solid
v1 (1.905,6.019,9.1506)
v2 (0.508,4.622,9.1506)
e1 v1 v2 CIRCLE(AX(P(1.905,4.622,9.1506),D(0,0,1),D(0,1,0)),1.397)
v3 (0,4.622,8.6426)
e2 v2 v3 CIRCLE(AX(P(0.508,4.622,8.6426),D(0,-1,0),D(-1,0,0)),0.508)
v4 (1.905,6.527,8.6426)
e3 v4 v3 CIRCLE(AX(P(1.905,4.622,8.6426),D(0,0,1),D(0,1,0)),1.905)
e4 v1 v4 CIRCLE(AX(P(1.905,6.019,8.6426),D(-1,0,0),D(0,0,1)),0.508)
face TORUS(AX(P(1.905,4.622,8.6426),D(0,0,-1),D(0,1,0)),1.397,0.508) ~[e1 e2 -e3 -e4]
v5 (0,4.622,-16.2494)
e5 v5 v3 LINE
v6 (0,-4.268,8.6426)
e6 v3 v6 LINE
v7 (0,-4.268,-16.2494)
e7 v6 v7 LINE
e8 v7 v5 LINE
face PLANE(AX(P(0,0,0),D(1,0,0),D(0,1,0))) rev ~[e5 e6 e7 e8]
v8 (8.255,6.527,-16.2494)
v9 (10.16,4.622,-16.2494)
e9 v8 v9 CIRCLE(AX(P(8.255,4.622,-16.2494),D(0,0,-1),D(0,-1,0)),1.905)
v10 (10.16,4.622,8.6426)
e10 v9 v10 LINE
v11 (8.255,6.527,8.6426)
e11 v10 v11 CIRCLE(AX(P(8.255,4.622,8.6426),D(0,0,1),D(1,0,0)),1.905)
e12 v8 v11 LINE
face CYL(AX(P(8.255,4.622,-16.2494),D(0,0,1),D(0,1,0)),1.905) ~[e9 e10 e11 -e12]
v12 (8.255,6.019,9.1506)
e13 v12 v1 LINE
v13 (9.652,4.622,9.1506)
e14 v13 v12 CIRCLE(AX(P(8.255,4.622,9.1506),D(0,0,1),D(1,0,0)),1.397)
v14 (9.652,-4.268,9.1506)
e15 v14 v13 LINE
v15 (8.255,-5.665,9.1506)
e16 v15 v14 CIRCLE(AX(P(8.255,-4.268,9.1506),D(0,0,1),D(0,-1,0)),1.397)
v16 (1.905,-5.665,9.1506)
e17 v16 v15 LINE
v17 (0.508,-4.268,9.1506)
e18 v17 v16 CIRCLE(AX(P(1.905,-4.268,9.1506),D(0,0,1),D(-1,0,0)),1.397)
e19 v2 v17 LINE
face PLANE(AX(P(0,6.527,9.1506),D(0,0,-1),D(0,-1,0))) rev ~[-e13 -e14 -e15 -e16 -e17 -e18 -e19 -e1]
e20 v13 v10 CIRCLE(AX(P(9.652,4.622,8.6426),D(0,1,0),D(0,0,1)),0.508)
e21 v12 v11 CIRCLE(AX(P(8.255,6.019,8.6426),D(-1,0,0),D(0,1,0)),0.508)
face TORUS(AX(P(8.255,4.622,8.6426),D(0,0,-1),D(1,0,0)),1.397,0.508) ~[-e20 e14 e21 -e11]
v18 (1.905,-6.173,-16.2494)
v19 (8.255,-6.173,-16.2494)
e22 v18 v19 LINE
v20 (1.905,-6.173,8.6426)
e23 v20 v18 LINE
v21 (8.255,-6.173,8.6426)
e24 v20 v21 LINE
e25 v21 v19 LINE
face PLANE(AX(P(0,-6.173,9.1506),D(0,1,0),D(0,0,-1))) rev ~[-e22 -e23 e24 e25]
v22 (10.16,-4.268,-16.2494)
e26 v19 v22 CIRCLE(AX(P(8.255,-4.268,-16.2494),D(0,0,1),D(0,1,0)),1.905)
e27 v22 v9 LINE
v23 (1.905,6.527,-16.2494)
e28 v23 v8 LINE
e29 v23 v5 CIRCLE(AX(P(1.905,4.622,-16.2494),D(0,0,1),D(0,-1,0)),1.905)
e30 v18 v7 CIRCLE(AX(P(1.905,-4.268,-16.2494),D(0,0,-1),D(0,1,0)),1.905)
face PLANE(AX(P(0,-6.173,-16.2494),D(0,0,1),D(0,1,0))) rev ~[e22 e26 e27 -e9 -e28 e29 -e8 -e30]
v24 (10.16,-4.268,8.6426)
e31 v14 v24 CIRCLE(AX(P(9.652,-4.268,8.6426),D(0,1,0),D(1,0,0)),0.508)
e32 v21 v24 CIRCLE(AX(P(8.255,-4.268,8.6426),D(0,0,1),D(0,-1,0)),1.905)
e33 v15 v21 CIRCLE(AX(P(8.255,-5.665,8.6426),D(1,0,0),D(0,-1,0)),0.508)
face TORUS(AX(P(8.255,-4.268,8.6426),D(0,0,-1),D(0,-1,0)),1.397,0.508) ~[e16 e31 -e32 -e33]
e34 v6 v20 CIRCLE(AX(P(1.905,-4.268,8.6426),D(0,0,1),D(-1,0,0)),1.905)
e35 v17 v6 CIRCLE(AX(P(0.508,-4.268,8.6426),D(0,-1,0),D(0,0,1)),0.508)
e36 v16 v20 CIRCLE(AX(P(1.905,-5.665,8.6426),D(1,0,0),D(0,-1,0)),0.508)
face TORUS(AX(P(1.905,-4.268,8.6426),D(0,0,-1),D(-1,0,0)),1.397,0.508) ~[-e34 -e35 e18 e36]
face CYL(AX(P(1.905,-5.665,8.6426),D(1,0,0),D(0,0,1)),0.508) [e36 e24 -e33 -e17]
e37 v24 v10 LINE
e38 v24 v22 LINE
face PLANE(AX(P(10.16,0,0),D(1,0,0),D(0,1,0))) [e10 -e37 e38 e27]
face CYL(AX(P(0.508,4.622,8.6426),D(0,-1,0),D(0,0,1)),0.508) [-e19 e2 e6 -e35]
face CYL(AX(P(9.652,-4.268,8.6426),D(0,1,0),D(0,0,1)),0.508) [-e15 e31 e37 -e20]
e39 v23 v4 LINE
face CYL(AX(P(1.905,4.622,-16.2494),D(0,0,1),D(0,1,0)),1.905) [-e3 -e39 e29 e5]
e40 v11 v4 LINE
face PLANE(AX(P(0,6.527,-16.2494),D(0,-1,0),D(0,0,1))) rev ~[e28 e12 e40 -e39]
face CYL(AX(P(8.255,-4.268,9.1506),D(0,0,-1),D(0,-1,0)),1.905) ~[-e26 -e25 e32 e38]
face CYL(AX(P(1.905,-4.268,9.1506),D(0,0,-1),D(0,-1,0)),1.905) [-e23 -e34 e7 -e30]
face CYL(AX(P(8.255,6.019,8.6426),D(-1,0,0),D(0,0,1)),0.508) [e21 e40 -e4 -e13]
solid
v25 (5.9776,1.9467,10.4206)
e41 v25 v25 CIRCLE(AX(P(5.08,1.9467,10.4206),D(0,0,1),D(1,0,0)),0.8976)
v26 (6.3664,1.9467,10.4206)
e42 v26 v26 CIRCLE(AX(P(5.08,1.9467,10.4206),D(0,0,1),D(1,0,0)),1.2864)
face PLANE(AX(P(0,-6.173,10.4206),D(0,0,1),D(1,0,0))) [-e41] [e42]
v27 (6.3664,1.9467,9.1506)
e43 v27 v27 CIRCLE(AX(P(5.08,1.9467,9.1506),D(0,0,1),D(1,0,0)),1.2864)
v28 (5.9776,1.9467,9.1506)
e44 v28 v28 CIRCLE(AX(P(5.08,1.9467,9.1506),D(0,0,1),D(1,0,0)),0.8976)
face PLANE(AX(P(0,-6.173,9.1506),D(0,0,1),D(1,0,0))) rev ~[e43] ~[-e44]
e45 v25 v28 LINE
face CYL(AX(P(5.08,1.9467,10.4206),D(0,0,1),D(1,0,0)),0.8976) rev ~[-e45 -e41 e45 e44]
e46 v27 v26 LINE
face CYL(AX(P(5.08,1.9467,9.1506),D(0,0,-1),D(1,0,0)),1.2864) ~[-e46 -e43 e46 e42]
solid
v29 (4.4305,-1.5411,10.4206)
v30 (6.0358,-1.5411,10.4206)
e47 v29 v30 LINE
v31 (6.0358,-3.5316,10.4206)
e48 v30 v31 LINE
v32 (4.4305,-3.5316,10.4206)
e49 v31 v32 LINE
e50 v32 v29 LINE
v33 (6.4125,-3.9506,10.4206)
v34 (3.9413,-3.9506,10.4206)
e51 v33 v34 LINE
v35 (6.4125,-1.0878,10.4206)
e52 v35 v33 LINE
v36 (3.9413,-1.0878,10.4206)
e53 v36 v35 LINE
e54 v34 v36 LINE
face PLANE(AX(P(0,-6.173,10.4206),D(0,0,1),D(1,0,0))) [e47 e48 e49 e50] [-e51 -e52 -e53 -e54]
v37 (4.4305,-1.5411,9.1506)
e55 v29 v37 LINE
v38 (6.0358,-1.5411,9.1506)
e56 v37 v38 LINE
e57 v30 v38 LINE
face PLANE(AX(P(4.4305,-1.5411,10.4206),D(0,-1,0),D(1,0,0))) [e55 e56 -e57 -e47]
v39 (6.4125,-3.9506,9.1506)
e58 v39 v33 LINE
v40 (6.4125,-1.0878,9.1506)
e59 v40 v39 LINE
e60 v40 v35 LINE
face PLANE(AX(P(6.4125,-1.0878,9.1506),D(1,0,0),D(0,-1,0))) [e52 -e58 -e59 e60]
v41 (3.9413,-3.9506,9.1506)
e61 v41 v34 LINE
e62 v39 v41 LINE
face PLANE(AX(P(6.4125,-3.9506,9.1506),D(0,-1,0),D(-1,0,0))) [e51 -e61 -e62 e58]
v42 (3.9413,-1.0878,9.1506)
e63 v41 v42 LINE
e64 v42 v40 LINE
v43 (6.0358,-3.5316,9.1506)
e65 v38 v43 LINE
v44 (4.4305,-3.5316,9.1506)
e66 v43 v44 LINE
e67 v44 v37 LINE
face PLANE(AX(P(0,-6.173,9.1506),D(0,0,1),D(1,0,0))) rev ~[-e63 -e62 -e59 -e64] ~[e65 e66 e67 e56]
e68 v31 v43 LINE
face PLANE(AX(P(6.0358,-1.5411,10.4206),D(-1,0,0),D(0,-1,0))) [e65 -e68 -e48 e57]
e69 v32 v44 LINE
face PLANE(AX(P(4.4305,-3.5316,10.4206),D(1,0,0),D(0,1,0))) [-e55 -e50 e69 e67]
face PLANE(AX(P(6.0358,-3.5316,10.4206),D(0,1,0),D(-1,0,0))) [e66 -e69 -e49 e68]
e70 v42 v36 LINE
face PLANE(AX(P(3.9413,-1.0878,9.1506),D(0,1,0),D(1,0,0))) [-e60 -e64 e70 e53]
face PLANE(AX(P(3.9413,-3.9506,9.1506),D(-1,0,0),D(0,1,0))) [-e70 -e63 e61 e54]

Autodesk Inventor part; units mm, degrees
ref_plane "YZ Plane" through (0, 0, 0) normal (1, 0, 0) x (0, 1, 0)
ref_plane "XZ Plane" through (0, 0, 0) normal (0, 1, 0) x (-1, 0, 0)
ref_plane "XY Plane" through (0, 0, 0) normal (0, 0, 1) x (1, 0, 0)
sketch "Sketch1" plane through (0, 0, 0) normal (1, 0, 0) x (0, 1, 0)
  line L0 (6.527, 9.1506) -> (-6.173, 9.1506)
  line L1 (-6.173, 9.1506) -> (-6.173, -16.2494)
  line L2 (-6.173, -16.2494) -> (6.527, -16.2494)
  line L3 (6.527, -16.2494) -> (6.527, 9.1506)
  point P0 (0, 0)
extrude "Extrusion1" add sketch "Sketch1" along normal blind 10.16
sketch "Sketch2" plane through (0, -6.173, 9.1506) normal (0, 0, 1) x (1, 0, 0)
  circle A0 centre (5.08, 8.1197) radius 0.9096
  circle A1 centre (5.08, 8.1197) radius 1.2864
  line L0 (4.2941, 4.7416) -> (6.0229, 4.7416)
  line L1 (6.0229, 4.7416) -> (6.0229, 2.6232)
  line L2 (6.0229, 2.6232) -> (4.2941, 2.6232)
  line L3 (4.2941, 2.6232) -> (4.2941, 4.7416)
  line L4 (3.9413, 5.0852) -> (6.4125, 5.0852)
  line L5 (6.4125, 5.0852) -> (6.4125, 2.2224)
  line L6 (6.4125, 2.2224) -> (3.9413, 2.2224)
  line L7 (3.9413, 2.2224) -> (3.9413, 5.0852)
  point P0 (0, 6.173)
extrude "Extrusion2" add sketch "Sketch2" along normal blind 1.27 separate body contours A0 | A1 | L0 L1 L2 L3 | L4 L5 L6 L7
sketch "Sketch3" plane through (0, -6.173, 9.1506) normal (0, 0, 1) x (1, 0, 0)
  circle A0 centre (5.0656, 8.1486) radius 0.9611
  line L0 (4.2551, 4.6027) -> (6.0267, 4.6027)
  line L1 (6.0267, 4.6027) -> (6.0267, 2.6271)
  line L2 (6.0267, 2.6271) -> (4.2551, 2.6271)
  line L3 (4.2551, 2.6271) -> (4.2551, 4.6027)
  point P0 (0, 6.173)
sketch "Sketch4" plane through (0, -6.173, 9.1506) normal (0, 0, 1) x (1, 0, 0)
  point P0 (0, 6.173)
sketch "Sketch5" plane through (5.08, 1.9467, 10.4206) normal (0, 0, 1) x (1, 0, 0)
  circle A0 centre (0, 0) radius 0.8976
  point P0 (-5.08, -1.9467)
extrude "Extrusion3" cut sketch "Sketch5" against normal blind 1.27 bodies 2
sketch "Sketch6" plane through (0, -6.173, 10.4206) normal (0, 0, 1) x (1, 0, 0)
  point P0 (0, 6.173)
sketch "Sketch7" plane through (0, -6.173, 10.4206) normal (0, 0, 1) x (1, 0, 0)
  line L0 (4.4305, 4.6319) -> (6.0358, 4.6319)
  line L1 (6.0358, 4.6319) -> (6.0358, 2.6414)
  line L2 (6.0358, 2.6414) -> (4.4305, 2.6414)
  line L3 (4.4305, 2.6414) -> (4.4305, 4.6319)
  point P0 (0, 6.173)
extrude "Extrusion4" cut sketch "Sketch7" against normal blind 1.27 bodies 2
fillet "Fillet1" radius 1.905 4 edges at (10.16, 6.527, -3.5494) (0, 6.527, -3.5494) (10.16, -6.173, -3.5494) (0, -6.173, -3.5494)
fillet "Fillet2" radius 0.508 8 edges at (9.602, -5.615, 9.1506) (5.08, -6.173, 9.1506) (0.558, -5.615, 9.1506) (0, 0.177, 9.1506) (0.558, 5.969, 9.1506) (5.08, 6.527, 9.1506) (9.602, 5.969, 9.1506) (10.16, 0.177, 9.1506)
properties part number "Battery"
